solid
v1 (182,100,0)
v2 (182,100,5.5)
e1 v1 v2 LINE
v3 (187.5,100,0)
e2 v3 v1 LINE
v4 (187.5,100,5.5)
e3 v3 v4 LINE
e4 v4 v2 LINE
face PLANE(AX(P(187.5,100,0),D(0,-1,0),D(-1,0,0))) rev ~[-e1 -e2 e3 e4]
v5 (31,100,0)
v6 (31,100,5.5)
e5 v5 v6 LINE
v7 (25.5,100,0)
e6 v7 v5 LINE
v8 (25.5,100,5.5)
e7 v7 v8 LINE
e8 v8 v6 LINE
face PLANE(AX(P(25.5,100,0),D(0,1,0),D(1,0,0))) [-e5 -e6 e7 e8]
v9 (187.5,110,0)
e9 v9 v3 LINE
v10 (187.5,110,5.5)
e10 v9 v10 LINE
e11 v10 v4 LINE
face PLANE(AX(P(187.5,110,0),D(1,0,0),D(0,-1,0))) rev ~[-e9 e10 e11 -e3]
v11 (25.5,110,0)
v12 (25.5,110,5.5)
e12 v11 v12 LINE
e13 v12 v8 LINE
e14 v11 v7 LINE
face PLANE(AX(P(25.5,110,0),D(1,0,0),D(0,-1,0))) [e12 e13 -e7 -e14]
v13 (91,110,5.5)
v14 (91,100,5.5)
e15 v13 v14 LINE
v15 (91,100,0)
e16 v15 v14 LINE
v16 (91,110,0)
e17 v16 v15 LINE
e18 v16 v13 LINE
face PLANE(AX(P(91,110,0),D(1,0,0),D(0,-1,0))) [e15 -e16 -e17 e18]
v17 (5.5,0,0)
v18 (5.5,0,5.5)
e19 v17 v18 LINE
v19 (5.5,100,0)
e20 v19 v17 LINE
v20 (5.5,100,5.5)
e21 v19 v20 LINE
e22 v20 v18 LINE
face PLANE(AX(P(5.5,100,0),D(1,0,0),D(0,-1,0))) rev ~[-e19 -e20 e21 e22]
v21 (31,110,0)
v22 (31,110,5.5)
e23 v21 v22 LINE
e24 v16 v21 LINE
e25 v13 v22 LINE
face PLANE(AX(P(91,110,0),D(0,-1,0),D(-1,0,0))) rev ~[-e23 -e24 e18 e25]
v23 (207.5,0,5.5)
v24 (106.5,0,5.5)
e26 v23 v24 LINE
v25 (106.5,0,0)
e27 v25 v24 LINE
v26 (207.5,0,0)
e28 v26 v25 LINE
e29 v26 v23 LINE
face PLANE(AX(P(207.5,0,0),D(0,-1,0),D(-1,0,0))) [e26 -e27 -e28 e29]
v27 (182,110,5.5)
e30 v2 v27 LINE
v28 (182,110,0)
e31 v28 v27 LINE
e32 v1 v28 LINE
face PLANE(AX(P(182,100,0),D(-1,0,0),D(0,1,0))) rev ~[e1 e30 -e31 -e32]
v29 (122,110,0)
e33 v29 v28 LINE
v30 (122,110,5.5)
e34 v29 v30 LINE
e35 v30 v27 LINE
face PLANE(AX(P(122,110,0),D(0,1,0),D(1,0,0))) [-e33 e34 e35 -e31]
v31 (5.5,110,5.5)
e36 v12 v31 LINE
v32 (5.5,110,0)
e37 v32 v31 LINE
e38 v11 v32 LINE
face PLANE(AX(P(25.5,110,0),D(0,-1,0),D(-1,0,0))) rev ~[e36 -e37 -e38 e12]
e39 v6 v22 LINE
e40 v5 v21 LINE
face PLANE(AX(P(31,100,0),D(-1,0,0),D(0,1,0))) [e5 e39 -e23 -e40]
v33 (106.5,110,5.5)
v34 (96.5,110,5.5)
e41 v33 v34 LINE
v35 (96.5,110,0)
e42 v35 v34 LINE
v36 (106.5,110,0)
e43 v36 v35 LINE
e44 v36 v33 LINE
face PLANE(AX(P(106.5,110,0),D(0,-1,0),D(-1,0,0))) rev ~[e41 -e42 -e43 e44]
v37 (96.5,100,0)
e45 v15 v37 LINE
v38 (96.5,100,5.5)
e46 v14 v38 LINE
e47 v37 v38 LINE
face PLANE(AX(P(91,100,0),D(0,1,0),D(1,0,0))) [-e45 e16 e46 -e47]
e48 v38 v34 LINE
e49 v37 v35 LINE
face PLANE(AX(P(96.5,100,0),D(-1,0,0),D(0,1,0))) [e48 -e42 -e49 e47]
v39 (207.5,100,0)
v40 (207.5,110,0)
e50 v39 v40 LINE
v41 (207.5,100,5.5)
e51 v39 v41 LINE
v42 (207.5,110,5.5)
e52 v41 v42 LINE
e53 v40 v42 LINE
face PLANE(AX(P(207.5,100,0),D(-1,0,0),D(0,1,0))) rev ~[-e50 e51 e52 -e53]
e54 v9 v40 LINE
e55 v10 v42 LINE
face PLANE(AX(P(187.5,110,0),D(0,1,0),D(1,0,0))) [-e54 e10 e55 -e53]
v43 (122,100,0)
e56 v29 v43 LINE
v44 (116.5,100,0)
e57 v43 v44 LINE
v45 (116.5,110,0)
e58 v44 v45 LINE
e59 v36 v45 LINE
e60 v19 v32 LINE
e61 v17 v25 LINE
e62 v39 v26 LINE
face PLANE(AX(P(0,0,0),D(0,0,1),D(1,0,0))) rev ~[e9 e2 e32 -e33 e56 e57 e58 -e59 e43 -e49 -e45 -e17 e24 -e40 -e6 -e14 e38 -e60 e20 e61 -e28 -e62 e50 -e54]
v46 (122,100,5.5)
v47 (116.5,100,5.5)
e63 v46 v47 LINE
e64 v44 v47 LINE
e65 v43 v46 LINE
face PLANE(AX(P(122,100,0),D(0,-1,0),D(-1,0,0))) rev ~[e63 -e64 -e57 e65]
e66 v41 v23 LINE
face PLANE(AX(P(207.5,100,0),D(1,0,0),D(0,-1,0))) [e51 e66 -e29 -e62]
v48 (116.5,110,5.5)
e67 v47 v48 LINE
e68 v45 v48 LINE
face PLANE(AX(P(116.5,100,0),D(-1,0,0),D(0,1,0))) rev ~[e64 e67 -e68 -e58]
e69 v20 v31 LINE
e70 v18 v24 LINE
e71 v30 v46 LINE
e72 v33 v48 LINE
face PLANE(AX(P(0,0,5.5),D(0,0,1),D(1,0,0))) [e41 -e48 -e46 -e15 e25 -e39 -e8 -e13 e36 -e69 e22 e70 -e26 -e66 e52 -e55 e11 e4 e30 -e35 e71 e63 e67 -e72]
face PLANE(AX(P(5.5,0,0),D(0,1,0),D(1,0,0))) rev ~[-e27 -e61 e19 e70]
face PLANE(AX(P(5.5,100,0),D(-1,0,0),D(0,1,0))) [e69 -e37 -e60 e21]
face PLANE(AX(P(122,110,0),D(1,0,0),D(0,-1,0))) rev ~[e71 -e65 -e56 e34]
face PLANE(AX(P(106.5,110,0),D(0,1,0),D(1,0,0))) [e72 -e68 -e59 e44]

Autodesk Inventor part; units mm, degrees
ref_plane "YZ Plane" through (0, 0, 0) normal (1, 0, 0) x (0, 1, 0)
ref_plane "XZ Plane" through (0, 0, 0) normal (0, 1, 0) x (-1, 0, 0)
ref_plane "XY Plane" through (0, 0, 0) normal (0, 0, 1) x (1, 0, 0)
sketch "Sketch2" plane through (0, 0, 0) normal (0, 0, 1) x (1, 0, 0)
  line L0 (0, 0) -> (106.5, 0)
  line L1 (106.5, 0) -> (106.5, 110) construction
  line L2 (106.5, 110) -> (0, 110)
  line L3 (0, 110) -> (0, 0)
  line L4 (213, 0) -> (106.5, 0)
  line L5 (106.5, 110) -> (213, 110)
  line L6 (213, 110) -> (213, 0)
  line L7 (5.5, 100) -> (5.5, 110)
  line L8 (5.5, 110) -> (0, 110)
  line L9 (0, 110) -> (0, 100)
  line L10 (0, 100) -> (5.5, 100)
  line L11 (5.5, 100) -> (0, 110) construction
  line L12 (5.5, 110) -> (0, 100) construction
  line L13 (213, 100) -> (207.5, 100)
  line L14 (207.5, 100) -> (207.5, 110)
  line L15 (207.5, 110) -> (213, 110)
  line L16 (207.5, 100) -> (213, 110) construction
  line L17 (207.5, 110) -> (213, 100) construction
  line L18 (213, 110) -> (213, 100)
  line L19 (106.5, 0.9442) -> (106.5, 183.5442) construction
  line L20 (31, 100) -> (31, 110)
  line L21 (25.5, 110) -> (25.5, 100)
  line L22 (25.5, 100) -> (31, 100)
  line L23 (31, 100) -> (25.5, 110) construction
  line L24 (31, 110) -> (25.5, 100) construction
  line L25 (96.5, 100) -> (96.5, 110)
  line L26 (91, 110) -> (91, 100)
  line L27 (91, 100) -> (96.5, 100)
  line L28 (96.5, 100) -> (91, 110) construction
  line L29 (96.5, 110) -> (91, 100) construction
  line L30 (122, 100) -> (116.5, 100)
  line L31 (116.5, 100) -> (116.5, 110)
  line L32 (116.5, 100) -> (122, 110) construction
  line L33 (116.5, 110) -> (122, 100) construction
  line L34 (122, 110) -> (122, 100)
  line L35 (187.5, 100) -> (182, 100)
  line L36 (182, 100) -> (182, 110)
  line L37 (182, 110) -> (187.5, 100) construction
  line L38 (182, 100) -> (187.5, 110) construction
  line L39 (187.5, 110) -> (187.5, 100)
  line L40 (28.25, 105) -> (93.75, 105) construction
  line L41 (5.5, 100) -> (5.5, 0)
  line L42 (207.5, 100) -> (207.5, 0)
  point P0 (0, 100)
  point P1 (119.25, 105)
  point P2 (184.75, 105)
  point P3 (182, 110)
  point P4 (31, 110)
  point P5 (25.5, 110)
  dimension "d18" = 106.5
  dimension "d19" = 5.5
  dimension "d30" = 10
  dimension "d33" = 100
  dimension "d38" = 10
  dimension "d47" = 20
extrude "Extrusion3" add sketch "Sketch2" along normal blind 5.5 contours L41 L7 L2 L21 L22 L20 L26 L27 L25 L5 L31 L30 L34 L36 L35 L39 L14 L42 L4 L0
equation "\"d38\" = 0.5 * d43"
equation "\"d47\" = lrbottomw"
equation "\"thick\" = 0.5"
equation "\"lrlr\" = 19"
equation "\"lrmid\" = 19.9"
equation "\"lrdepth\" = 3.3"
equation "\"mlr\" = 16.6"
equation "\"mmid\" = 24.7"
equation "\"mdepth\" = 4.5"
equation "\"lrltotal\" = 126.6"
equation "\"mltotal\" = 126.6"
equation "\"lrbetween\" = 52.1"
equation "\"mbetween\" = 49.5"
equation "\"toler\" = 1"
equation "\"lrbottomw\" = 20"
equation "\"tight\" = 0.08"
equation "\"stuckw\" = 6"
equation "\"sidewallL\" = 132.6"
equation "\"heaterH\" = 117.3"
equation "\"stickL\" = 3.5"
equation "\"wireH\" = 25"
equation "\"d43\" = 20"
properties part number "wire_bottom"
